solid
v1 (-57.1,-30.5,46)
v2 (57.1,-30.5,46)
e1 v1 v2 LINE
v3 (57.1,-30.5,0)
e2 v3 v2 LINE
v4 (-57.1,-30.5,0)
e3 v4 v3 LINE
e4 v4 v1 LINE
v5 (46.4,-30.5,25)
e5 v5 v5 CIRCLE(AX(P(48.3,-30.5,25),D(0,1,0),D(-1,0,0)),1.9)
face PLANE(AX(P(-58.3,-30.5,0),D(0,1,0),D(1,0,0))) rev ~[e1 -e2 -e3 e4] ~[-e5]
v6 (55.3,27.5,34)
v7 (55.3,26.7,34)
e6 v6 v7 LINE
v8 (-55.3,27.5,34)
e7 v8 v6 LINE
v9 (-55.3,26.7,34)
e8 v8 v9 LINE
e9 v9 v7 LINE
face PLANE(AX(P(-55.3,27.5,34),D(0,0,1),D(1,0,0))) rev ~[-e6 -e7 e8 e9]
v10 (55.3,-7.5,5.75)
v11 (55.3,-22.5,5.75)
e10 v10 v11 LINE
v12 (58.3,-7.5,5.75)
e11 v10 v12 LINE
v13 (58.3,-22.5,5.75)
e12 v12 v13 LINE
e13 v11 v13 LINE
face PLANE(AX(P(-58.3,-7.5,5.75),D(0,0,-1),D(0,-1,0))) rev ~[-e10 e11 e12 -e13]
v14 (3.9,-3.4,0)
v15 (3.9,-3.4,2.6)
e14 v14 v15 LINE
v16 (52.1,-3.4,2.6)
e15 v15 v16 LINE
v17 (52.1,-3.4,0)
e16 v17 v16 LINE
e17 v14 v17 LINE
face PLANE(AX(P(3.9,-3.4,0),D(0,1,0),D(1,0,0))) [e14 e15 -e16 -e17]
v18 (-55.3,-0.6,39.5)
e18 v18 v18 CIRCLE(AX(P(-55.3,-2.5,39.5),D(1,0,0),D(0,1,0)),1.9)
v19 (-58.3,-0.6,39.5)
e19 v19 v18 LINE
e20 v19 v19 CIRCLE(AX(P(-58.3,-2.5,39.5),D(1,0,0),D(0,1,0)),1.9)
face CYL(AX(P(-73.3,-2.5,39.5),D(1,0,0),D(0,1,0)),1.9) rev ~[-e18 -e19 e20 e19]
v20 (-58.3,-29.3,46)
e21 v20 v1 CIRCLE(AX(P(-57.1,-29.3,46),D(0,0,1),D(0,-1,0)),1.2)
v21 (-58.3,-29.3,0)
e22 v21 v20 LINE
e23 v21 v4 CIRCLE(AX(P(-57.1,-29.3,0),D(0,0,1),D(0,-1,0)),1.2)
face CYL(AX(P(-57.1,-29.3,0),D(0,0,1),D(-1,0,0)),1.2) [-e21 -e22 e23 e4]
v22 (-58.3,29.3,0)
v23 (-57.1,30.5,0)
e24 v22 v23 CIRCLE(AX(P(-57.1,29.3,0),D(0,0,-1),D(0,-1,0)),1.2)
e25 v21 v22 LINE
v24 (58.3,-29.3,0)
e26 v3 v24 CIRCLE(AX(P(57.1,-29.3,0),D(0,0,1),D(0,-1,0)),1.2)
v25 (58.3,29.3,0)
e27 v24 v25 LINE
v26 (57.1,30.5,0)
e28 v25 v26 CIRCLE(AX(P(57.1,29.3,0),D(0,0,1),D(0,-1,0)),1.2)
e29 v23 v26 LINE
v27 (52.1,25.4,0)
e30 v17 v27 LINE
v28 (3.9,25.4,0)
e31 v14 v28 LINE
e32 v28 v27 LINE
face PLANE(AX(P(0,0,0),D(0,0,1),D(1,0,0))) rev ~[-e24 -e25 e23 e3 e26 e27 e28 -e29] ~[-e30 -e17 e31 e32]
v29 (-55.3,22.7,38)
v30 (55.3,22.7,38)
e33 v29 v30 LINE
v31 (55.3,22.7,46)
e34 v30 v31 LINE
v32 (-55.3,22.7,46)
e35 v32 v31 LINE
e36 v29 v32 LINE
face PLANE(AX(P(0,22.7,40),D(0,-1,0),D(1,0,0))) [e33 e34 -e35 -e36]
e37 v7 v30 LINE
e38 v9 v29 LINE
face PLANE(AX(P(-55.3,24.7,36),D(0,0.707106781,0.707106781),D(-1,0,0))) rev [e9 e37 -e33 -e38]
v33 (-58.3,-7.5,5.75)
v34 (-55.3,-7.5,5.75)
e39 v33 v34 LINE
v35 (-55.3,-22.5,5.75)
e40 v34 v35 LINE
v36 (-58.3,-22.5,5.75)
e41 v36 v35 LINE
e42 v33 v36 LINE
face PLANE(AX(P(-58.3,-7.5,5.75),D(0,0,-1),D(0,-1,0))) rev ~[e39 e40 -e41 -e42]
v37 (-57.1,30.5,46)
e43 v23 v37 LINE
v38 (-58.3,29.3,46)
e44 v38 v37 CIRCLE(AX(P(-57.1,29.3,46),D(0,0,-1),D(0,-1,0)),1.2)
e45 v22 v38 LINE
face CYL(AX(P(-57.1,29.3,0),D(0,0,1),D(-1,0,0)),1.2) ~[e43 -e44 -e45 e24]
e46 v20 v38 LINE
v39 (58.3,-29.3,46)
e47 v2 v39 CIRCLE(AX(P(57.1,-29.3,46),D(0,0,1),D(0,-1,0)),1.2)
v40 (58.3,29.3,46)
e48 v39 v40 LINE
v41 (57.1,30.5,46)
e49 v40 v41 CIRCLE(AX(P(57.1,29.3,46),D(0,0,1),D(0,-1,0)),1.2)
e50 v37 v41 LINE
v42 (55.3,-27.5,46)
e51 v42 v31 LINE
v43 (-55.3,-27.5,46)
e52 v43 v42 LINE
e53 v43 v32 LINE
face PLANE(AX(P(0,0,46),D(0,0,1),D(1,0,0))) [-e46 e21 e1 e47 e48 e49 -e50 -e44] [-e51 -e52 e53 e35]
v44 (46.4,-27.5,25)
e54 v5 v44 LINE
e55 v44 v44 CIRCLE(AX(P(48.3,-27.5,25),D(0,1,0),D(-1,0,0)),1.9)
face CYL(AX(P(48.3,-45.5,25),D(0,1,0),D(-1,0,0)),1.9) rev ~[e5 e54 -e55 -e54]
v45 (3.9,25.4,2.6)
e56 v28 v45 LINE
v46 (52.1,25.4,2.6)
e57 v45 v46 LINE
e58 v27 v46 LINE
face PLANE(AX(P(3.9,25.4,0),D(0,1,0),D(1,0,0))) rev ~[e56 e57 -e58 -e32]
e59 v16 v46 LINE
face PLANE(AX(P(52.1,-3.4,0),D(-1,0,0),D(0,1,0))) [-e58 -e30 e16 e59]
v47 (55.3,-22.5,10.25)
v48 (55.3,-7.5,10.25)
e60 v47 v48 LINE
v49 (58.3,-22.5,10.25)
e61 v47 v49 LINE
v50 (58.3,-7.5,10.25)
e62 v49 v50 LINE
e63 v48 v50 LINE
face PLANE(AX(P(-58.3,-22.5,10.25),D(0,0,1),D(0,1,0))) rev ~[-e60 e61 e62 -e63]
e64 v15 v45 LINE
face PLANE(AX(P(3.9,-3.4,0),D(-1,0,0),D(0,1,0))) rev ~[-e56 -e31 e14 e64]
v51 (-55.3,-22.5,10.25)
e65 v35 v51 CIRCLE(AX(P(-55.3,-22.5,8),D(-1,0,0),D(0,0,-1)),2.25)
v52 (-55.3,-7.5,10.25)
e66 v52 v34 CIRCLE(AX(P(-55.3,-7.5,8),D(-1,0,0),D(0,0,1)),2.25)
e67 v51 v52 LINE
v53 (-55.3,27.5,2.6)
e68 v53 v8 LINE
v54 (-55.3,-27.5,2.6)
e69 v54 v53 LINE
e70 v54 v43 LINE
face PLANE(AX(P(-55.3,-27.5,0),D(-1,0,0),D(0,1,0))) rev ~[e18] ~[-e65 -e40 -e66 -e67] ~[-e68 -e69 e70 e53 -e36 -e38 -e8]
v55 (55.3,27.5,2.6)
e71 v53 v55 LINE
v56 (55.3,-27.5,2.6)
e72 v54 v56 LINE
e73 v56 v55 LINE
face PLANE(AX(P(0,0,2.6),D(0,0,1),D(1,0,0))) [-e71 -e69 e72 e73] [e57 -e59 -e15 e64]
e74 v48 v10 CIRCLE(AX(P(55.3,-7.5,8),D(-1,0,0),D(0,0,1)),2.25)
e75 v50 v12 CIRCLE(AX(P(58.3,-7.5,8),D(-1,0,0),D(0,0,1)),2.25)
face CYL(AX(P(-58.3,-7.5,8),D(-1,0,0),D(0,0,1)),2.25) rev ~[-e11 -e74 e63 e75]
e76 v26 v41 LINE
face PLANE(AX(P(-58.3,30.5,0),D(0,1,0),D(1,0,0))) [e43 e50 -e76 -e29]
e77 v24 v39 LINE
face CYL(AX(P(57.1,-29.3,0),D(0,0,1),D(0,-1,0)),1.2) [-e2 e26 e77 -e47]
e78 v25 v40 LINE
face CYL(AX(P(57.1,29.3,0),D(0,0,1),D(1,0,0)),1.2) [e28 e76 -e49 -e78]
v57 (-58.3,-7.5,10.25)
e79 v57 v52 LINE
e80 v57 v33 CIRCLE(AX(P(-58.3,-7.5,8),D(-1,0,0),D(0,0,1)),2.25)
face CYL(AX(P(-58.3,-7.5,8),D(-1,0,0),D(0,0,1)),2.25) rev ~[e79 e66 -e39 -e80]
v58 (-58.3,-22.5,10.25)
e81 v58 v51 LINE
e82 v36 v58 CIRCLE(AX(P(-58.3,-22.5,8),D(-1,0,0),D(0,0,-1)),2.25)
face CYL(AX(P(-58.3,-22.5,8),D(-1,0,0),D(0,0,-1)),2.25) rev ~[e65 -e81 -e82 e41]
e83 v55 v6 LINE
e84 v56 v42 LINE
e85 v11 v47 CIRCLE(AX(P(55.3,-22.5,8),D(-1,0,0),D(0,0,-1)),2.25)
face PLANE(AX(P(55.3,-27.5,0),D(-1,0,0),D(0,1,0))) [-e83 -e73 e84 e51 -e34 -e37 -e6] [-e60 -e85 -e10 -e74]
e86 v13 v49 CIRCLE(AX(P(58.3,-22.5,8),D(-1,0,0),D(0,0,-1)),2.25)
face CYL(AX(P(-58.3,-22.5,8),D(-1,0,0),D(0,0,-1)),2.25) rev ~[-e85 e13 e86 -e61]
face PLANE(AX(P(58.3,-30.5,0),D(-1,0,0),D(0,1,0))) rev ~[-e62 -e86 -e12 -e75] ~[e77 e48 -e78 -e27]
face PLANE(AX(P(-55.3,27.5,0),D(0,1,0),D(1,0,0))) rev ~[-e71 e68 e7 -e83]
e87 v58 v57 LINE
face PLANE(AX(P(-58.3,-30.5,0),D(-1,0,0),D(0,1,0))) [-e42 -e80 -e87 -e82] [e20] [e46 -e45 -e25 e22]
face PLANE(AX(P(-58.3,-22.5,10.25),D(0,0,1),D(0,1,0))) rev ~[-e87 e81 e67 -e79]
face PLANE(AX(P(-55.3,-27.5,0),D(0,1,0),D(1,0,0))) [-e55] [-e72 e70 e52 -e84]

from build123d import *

# Parameters (mm, degrees)
F0_W      = 110.6
F0_H      = 55
F0_W_2    = 48.2
F0_H_2    = 28.8
F1_DEPTH  = 2.6
F2_W      = 116.6
F2_H      = 61
F2_W_2    = 110.6
F2_H_2    = 55
F3_DEPTH  = 46
F4_W      = 110.6
F4_H      = 12
F5_DEPTH  = 4.8
F6_SIZE   = 4
F8_D      = 3.8
F8_DEPTH  = 15
F10_D     = 3.8
F10_DEPTH = 15
F12_DEPTH = 120
F13_R     = 1.2


with BuildPart() as f1:
    # F0 (on Top) → F1 (new body)
    with BuildSketch(Plane.XY):
        Rectangle(F0_W, F0_H)
        with Locations((28, 11)):
            Rectangle(F0_W_2, F0_H_2, mode=Mode.SUBTRACT)
    extrude(amount=F1_DEPTH)

    # F2 (on Top) → F3 (join)
    with BuildSketch(Plane.XY):
        Rectangle(F2_W, F2_H)
        Rectangle(F2_W_2, F2_H_2, mode=Mode.SUBTRACT)
    extrude(amount=F3_DEPTH)

    # F4 (on face) → F5 (join)
    with BuildSketch(Plane.XZ.offset(-27.5)):
        with Locations((0, 40)):
            Rectangle(F4_W, F4_H)
    extrude(amount=F5_DEPTH)

    # F6
    f6_edges = [f1.edges().sort_by_distance(p)[0] for p in [
        (0, 22.7, 34),
    ]]
    chamfer(f6_edges, length=F6_SIZE)

    # F8
    with Locations(Plane.XZ.offset(30.5)):
        with Locations((48.3, 25)):
            Hole(F8_D / 2, depth=F8_DEPTH)

    # F10
    with Locations(Plane(origin=(-58.3, 0, 0), x_dir=(0, -1, 0), z_dir=(-1, 0, 0))):
        with Locations((2.5, 39.5)):
            Hole(F10_D / 2, depth=F10_DEPTH)

    # F11 (on face) → F12 (cut)
    with BuildSketch(Plane(origin=(-58.3, 0, 0), x_dir=(0, -1, 0), z_dir=(-1, 0, 0))):
        with BuildLine():
            Line((7.5, 5.75), (22.5, 5.75))
            ThreePointArc((22.5, 5.75), (24.75, 8), (22.5, 10.25))
            Line((22.5, 10.25), (7.5, 10.25))
            ThreePointArc((7.5, 10.25), (5.25, 8), (7.5, 5.75))
        make_face()
    extrude(amount=-F12_DEPTH, mode=Mode.SUBTRACT)

    # F13
    f13_edges = [f1.edges().sort_by_distance(p)[0] for p in [
        (58.3, 30.5, 23),
        (58.3, -30.5, 23),
        (-58.3, -30.5, 23),
        (-58.3, 30.5, 23),
    ]]
    fillet(f13_edges, radius=F13_R)


solid = f1.part
